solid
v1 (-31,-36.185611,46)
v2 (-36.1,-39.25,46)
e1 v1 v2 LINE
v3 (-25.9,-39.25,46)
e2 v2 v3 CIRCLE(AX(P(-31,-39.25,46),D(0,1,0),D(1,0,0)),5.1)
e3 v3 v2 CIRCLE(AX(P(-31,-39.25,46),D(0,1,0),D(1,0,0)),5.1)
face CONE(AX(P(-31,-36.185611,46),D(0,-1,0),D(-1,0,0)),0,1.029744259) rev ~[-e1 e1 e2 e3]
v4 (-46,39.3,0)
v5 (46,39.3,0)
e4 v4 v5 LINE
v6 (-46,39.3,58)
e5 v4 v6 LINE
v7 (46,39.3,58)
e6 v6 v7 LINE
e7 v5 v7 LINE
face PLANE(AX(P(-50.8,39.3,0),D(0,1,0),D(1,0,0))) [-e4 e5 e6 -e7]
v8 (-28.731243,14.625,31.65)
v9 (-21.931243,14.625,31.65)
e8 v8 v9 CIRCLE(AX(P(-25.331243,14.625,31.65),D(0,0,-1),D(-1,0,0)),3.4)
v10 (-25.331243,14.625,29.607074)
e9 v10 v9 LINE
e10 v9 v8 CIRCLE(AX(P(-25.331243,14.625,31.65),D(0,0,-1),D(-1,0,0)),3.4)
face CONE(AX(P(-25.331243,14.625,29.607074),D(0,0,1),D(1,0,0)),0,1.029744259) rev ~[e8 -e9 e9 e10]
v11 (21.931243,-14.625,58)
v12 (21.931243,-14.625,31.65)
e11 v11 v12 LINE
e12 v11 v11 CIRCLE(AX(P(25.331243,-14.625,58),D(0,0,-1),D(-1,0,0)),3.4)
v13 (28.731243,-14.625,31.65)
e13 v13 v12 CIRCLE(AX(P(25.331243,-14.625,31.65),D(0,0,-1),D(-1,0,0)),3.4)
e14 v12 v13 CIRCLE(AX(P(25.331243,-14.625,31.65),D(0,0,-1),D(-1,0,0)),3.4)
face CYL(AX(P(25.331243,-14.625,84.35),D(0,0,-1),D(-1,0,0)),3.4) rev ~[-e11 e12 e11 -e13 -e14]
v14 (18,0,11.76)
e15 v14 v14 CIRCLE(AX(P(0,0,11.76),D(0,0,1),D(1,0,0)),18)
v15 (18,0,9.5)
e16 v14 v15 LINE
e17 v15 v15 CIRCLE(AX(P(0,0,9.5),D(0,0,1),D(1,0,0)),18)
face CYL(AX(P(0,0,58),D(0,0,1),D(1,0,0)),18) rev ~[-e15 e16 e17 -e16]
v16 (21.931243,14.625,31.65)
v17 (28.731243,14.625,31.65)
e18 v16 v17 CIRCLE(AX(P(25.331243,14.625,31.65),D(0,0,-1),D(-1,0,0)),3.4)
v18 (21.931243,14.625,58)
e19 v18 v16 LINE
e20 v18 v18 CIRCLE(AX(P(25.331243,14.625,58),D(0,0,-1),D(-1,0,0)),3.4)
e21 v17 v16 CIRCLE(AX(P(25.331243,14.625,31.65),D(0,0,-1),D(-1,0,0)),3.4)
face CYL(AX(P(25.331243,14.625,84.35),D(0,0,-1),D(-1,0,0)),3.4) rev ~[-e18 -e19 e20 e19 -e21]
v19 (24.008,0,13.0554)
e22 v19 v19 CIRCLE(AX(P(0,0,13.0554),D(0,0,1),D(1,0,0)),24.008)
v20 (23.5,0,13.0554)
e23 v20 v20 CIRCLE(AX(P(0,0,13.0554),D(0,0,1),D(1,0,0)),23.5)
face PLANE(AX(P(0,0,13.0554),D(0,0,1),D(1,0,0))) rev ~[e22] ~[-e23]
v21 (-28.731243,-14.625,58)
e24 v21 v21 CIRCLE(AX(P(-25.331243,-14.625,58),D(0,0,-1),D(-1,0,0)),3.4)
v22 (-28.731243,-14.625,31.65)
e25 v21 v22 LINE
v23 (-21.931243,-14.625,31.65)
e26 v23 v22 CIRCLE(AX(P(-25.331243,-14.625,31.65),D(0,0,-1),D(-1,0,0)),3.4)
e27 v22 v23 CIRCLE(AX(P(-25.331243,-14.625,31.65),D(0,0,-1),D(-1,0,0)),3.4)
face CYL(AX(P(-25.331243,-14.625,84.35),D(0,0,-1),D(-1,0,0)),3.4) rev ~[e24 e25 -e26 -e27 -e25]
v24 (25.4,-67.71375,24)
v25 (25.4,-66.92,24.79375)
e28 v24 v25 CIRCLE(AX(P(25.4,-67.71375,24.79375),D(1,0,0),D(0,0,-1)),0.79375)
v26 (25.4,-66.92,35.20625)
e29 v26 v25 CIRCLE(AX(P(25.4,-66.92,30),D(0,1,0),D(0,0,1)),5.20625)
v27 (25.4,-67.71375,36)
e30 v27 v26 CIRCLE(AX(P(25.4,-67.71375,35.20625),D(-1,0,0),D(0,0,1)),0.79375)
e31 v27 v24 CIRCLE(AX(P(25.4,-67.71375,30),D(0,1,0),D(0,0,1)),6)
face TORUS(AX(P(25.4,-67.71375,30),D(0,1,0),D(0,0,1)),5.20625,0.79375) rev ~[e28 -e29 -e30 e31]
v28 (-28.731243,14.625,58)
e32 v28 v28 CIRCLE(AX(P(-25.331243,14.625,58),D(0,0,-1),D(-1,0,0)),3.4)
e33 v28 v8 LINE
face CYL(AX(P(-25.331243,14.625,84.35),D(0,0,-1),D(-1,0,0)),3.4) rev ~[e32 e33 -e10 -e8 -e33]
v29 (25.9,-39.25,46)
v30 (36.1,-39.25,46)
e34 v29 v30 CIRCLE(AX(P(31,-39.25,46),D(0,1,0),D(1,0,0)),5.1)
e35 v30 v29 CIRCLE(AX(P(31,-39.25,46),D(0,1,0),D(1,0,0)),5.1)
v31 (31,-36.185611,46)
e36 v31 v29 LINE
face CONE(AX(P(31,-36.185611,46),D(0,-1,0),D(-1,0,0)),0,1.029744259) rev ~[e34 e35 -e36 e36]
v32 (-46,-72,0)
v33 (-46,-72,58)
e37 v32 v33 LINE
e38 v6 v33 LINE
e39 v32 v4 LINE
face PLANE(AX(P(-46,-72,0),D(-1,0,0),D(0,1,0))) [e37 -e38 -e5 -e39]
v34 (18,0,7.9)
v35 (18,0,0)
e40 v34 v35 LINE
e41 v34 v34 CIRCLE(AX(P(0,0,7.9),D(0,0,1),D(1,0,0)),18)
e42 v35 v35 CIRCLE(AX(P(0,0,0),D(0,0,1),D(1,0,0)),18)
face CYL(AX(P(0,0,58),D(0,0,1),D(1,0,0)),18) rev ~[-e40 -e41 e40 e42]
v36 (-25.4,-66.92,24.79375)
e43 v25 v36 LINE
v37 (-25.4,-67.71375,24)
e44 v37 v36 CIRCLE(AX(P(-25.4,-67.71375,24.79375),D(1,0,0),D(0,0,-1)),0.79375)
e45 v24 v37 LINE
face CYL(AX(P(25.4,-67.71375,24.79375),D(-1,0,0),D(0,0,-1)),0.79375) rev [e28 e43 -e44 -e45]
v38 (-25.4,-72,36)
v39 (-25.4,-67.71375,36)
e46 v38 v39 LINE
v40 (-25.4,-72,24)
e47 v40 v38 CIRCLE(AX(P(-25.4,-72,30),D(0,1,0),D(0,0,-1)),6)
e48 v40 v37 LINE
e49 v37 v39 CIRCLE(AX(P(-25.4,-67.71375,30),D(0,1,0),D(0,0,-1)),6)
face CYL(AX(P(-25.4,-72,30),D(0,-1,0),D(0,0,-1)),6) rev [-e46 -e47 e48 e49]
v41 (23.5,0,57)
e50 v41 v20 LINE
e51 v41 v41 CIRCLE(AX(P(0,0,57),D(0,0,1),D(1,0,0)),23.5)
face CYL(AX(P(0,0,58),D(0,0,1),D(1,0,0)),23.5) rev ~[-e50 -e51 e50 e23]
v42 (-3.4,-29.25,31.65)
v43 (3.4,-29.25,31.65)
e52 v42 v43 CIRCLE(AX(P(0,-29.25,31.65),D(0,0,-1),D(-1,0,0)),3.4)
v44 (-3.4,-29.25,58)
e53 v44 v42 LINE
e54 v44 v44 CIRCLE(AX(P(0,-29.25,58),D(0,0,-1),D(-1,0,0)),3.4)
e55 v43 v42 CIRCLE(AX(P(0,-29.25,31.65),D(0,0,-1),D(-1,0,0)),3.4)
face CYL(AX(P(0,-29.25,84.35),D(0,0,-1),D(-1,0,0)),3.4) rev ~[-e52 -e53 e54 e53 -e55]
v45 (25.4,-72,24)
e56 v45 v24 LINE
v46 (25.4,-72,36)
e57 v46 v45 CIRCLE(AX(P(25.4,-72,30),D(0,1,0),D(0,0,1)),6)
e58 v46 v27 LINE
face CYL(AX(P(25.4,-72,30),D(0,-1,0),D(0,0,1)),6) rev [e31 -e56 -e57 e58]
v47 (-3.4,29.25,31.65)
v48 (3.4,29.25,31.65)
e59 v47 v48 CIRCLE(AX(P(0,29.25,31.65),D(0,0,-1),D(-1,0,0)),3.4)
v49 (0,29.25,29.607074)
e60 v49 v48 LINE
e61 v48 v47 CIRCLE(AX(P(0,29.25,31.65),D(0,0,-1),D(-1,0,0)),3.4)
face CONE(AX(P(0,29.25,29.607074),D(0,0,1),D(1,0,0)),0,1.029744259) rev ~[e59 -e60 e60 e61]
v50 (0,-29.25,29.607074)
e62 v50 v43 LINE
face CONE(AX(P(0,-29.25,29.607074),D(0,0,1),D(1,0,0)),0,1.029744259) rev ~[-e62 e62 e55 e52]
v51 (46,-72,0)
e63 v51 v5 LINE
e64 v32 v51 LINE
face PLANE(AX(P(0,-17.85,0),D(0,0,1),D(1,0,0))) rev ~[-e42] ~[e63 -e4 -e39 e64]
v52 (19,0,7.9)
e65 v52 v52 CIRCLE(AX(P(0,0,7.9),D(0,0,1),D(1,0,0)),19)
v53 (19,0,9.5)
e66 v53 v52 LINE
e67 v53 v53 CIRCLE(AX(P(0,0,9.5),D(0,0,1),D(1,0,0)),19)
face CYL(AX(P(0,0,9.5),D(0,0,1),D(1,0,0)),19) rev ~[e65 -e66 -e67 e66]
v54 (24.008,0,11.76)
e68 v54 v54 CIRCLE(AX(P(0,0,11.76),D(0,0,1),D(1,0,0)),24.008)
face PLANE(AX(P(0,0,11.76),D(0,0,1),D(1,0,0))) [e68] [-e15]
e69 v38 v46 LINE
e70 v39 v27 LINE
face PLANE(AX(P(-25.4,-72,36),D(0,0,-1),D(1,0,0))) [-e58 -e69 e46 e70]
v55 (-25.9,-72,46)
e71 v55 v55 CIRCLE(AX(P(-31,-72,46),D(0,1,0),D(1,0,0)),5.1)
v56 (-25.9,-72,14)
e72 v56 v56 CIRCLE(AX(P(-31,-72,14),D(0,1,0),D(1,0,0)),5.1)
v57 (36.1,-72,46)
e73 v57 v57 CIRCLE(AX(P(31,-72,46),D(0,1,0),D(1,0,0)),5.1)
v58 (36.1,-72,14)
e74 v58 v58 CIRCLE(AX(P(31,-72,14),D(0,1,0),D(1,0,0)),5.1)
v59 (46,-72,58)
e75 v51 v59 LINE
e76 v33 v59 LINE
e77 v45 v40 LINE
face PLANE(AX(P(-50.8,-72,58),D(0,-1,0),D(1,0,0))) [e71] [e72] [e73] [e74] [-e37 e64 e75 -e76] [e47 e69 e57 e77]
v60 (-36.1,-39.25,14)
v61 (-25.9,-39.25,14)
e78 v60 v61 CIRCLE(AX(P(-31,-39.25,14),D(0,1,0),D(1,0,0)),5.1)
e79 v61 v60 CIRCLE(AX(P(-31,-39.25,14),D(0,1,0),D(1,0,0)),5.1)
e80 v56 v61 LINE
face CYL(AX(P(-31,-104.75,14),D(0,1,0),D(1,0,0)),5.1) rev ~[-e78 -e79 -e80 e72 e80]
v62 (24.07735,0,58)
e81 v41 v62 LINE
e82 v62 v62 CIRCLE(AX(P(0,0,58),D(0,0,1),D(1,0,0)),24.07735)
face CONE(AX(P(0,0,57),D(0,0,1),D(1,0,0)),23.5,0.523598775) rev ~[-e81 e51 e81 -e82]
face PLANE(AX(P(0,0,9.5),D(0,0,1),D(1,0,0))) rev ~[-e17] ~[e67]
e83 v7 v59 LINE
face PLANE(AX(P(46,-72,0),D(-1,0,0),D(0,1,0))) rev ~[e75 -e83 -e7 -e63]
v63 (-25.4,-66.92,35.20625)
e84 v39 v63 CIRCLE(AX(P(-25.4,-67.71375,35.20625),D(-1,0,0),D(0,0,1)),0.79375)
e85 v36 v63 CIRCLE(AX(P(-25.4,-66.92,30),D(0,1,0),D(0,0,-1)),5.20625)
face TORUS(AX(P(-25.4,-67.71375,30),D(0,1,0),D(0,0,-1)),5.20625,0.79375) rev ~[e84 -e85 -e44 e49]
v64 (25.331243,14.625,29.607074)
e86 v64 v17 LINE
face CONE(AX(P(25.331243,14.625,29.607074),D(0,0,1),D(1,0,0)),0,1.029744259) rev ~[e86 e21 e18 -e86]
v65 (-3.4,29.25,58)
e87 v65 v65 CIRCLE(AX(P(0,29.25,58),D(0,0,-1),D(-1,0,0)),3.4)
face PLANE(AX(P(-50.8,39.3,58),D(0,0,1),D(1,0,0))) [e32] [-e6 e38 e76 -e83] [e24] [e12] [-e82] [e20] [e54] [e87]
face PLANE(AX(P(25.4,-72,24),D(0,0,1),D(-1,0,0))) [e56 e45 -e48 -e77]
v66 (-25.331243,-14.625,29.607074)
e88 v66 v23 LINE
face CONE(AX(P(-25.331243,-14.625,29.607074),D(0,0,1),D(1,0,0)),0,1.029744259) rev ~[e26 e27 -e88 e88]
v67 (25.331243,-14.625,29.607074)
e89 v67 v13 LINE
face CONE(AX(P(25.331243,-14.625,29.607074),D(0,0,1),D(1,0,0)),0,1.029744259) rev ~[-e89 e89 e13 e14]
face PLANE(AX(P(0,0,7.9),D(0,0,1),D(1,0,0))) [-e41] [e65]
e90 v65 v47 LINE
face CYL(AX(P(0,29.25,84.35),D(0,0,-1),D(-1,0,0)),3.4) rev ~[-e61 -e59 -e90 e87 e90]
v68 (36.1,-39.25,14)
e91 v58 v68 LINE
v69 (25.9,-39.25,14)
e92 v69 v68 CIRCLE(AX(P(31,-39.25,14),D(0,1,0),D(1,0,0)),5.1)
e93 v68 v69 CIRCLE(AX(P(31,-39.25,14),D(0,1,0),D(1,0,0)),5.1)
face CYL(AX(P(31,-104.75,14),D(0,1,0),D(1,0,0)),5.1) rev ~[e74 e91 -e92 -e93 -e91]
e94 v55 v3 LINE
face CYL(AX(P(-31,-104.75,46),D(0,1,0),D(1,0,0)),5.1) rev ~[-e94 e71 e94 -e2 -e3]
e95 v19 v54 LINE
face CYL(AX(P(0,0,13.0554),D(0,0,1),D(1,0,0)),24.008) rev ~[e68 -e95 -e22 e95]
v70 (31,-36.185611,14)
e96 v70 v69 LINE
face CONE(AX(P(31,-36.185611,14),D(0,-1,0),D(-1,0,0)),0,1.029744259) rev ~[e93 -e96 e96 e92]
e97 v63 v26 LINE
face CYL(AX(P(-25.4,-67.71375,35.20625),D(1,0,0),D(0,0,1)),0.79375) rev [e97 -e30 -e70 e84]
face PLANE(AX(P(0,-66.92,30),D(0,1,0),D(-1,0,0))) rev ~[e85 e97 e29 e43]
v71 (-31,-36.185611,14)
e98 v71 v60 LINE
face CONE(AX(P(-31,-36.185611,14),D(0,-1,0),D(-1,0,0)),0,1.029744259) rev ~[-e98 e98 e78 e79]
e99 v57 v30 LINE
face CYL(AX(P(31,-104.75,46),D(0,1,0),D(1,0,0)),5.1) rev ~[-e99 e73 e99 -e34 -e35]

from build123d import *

# Parameters (mm, degrees)
SKETCH2_W              = 101.6
SKETCH2_H              = 114.3
BOSS_EXTRUDE1_DEPTH    = 63.5
SKETCH4_W              = 101.6
SKETCH4_H              = 5.5
CUT_EXTRUDE2_DEPTH     = 141.276084918
SKETCH6_W              = 101.6
SKETCH6_H              = 3
CUT_EXTRUDE4_DEPTH     = 108.56226104
SKETCH3_R              = 18
CUT_EXTRUDE1_DEPTH     = 106.492369392
SKETCH5_R              = 23.5
CUT_EXTRUDE3_DEPTH     = 46.24
M8_TAPPED_HOLE1_D      = 6.8
M8_TAPPED_HOLE1_DEPTH  = 26.35
M8_TAPPED_HOLE1_TIP    = 2.042926105
CHAMFER1_SIZE          = 1
CHAMFER1_SIZE2         = 0.577350269
CUT_EXTRUDE6_START     = -48.5
SKETCH9_R              = 19
CUT_EXTRUDE6_DEPTH     = 1.6
CUT_EXTRUDE7_DEPTH     = 5.08
M12_TAPPED_HOLE1_D     = 10.2
M12_TAPPED_HOLE1_DEPTH = 32.75
M12_TAPPED_HOLE1_TIP   = 3.064389157
SKETCH14_W             = 4.8
SKETCH14_H             = 111.3
CUT_EXTRUDE8_DEPTH     = 106.492369392
FILLET1_R              = 0.79375
CUT_EXTRUDE9_START     = 1.2954
SKETCH15_R             = 24.008
SKETCH15_R_2           = 23.5
CUT_EXTRUDE9_DEPTH     = 1.2954


with BuildPart() as part:
    # Sketch2 → Boss-Extrude1 (new body)
    with BuildSketch(Plane.XY):
        with Locations((0, -17.85)):
            Rectangle(SKETCH2_W, SKETCH2_H)
    extrude(amount=BOSS_EXTRUDE1_DEPTH)

    # Sketch4 → Cut-Extrude2 (cut, through all)
    with BuildSketch(Plane(origin=(0, 39.3, 0), x_dir=(1, 0, 0), z_dir=(0, 1, 0))):
        with Locations((0, -60.75)):
            Rectangle(SKETCH4_W, SKETCH4_H)
    extrude(amount=-CUT_EXTRUDE2_DEPTH, mode=Mode.SUBTRACT)

    # Sketch6 → Cut-Extrude4 (cut, through all)
    with BuildSketch(Plane.XY.offset(58)):
        with Locations((0, -73.5)):
            Rectangle(SKETCH6_W, SKETCH6_H)
    extrude(amount=-CUT_EXTRUDE4_DEPTH, mode=Mode.SUBTRACT)

    # Sketch3 → Cut-Extrude1 (cut, through all)
    with BuildSketch(Plane.XY.offset(58)):
        Circle(SKETCH3_R)
    extrude(amount=-CUT_EXTRUDE1_DEPTH, mode=Mode.SUBTRACT)

    # Sketch5 → Cut-Extrude3 (cut)
    with BuildSketch(Plane.XY.offset(58)):
        Circle(SKETCH5_R)
    extrude(amount=-CUT_EXTRUDE3_DEPTH, mode=Mode.SUBTRACT)

    # M8 Tapped Hole1
    with Locations(Plane.XY.offset(58)):
        with Locations((0, 29.25), (25.331243061, 14.625), (25.331243061, -14.625), (0, -29.25), (-25.331243061, -14.625), (-25.331243061, 14.625)):
            Hole(M8_TAPPED_HOLE1_D / 2, depth=M8_TAPPED_HOLE1_DEPTH)
            with Locations((0, 0, -(M8_TAPPED_HOLE1_DEPTH + M8_TAPPED_HOLE1_TIP / 2))):  # 118° drill point
                Cone(0, M8_TAPPED_HOLE1_D / 2, M8_TAPPED_HOLE1_TIP, mode=Mode.SUBTRACT)

    # Chamfer1
    chamfer1_edges = [part.edges().sort_by_distance(p)[0] for p in [
        (-23.5, 0, 58),
    ]]
    chamfer1_side = [part.faces().sort_by_distance(p)[0] for p in [
        (-23.5, 0, 34.88),
    ]]
    chamfer(chamfer1_edges, length=CHAMFER1_SIZE, length2=CHAMFER1_SIZE2, reference=chamfer1_side[0])

    # Sketch9 → Cut-Extrude6 (cut)
    with BuildSketch(Plane.XY.offset(58).offset(CUT_EXTRUDE6_START)):
        Circle(SKETCH9_R)
    extrude(amount=-CUT_EXTRUDE6_DEPTH, mode=Mode.SUBTRACT)

    # Sketch10 → Cut-Extrude7 (cut)
    with BuildSketch(Plane.XZ.offset(72)):
        with BuildLine():
            Line((-25.4, 36), (25.4, 36))
            ThreePointArc((25.4, 36), (31.4, 30), (25.4, 24))
            Line((25.4, 24), (-25.4, 24))
            ThreePointArc((-25.4, 24), (-31.4, 30), (-25.4, 36))
        make_face()
    extrude(amount=-CUT_EXTRUDE7_DEPTH, mode=Mode.SUBTRACT)

    # M12 Tapped Hole1
    with Locations(Plane(origin=(0, -72, 0), x_dir=(-1, 0, 0), z_dir=(0, -1, 0))):
        with Locations((31, -46), (-31, -46), (-31, -14), (31, -14)):
            Hole(M12_TAPPED_HOLE1_D / 2, depth=M12_TAPPED_HOLE1_DEPTH)
            with Locations((0, 0, -(M12_TAPPED_HOLE1_DEPTH + M12_TAPPED_HOLE1_TIP / 2))):  # 118° drill point
                Cone(0, M12_TAPPED_HOLE1_D / 2, M12_TAPPED_HOLE1_TIP, mode=Mode.SUBTRACT)

    # Sketch14 → Cut-Extrude8 (cut, through all)
    with BuildSketch(Plane(origin=(0, 0, 0), x_dir=(-1, 0, 0), z_dir=(0, 0, -1))):
        with Locations((-48.4, -16.35)):
            Rectangle(SKETCH14_W, SKETCH14_H)
        with Locations((48.4, -16.35)):
            Rectangle(SKETCH14_W, SKETCH14_H)
    extrude(amount=-CUT_EXTRUDE8_DEPTH, mode=Mode.SUBTRACT)

    # Fillet1
    fillet1_edges = [part.edges().sort_by_distance(p)[0] for p in [
        (-31.4, -66.92, 30),
        (0, -66.92, 36),
        (31.4, -66.92, 30),
        (0, -66.92, 24),
    ]]
    fillet(fillet1_edges, radius=FILLET1_R)

    # Sketch15 → Cut-Extrude9 (cut)
    with BuildSketch(Plane.XY.offset(11.76).offset(CUT_EXTRUDE9_START)):
        Circle(SKETCH15_R)
        Circle(SKETCH15_R_2, mode=Mode.SUBTRACT)
    extrude(amount=-CUT_EXTRUDE9_DEPTH, mode=Mode.SUBTRACT)


solid = part.part
